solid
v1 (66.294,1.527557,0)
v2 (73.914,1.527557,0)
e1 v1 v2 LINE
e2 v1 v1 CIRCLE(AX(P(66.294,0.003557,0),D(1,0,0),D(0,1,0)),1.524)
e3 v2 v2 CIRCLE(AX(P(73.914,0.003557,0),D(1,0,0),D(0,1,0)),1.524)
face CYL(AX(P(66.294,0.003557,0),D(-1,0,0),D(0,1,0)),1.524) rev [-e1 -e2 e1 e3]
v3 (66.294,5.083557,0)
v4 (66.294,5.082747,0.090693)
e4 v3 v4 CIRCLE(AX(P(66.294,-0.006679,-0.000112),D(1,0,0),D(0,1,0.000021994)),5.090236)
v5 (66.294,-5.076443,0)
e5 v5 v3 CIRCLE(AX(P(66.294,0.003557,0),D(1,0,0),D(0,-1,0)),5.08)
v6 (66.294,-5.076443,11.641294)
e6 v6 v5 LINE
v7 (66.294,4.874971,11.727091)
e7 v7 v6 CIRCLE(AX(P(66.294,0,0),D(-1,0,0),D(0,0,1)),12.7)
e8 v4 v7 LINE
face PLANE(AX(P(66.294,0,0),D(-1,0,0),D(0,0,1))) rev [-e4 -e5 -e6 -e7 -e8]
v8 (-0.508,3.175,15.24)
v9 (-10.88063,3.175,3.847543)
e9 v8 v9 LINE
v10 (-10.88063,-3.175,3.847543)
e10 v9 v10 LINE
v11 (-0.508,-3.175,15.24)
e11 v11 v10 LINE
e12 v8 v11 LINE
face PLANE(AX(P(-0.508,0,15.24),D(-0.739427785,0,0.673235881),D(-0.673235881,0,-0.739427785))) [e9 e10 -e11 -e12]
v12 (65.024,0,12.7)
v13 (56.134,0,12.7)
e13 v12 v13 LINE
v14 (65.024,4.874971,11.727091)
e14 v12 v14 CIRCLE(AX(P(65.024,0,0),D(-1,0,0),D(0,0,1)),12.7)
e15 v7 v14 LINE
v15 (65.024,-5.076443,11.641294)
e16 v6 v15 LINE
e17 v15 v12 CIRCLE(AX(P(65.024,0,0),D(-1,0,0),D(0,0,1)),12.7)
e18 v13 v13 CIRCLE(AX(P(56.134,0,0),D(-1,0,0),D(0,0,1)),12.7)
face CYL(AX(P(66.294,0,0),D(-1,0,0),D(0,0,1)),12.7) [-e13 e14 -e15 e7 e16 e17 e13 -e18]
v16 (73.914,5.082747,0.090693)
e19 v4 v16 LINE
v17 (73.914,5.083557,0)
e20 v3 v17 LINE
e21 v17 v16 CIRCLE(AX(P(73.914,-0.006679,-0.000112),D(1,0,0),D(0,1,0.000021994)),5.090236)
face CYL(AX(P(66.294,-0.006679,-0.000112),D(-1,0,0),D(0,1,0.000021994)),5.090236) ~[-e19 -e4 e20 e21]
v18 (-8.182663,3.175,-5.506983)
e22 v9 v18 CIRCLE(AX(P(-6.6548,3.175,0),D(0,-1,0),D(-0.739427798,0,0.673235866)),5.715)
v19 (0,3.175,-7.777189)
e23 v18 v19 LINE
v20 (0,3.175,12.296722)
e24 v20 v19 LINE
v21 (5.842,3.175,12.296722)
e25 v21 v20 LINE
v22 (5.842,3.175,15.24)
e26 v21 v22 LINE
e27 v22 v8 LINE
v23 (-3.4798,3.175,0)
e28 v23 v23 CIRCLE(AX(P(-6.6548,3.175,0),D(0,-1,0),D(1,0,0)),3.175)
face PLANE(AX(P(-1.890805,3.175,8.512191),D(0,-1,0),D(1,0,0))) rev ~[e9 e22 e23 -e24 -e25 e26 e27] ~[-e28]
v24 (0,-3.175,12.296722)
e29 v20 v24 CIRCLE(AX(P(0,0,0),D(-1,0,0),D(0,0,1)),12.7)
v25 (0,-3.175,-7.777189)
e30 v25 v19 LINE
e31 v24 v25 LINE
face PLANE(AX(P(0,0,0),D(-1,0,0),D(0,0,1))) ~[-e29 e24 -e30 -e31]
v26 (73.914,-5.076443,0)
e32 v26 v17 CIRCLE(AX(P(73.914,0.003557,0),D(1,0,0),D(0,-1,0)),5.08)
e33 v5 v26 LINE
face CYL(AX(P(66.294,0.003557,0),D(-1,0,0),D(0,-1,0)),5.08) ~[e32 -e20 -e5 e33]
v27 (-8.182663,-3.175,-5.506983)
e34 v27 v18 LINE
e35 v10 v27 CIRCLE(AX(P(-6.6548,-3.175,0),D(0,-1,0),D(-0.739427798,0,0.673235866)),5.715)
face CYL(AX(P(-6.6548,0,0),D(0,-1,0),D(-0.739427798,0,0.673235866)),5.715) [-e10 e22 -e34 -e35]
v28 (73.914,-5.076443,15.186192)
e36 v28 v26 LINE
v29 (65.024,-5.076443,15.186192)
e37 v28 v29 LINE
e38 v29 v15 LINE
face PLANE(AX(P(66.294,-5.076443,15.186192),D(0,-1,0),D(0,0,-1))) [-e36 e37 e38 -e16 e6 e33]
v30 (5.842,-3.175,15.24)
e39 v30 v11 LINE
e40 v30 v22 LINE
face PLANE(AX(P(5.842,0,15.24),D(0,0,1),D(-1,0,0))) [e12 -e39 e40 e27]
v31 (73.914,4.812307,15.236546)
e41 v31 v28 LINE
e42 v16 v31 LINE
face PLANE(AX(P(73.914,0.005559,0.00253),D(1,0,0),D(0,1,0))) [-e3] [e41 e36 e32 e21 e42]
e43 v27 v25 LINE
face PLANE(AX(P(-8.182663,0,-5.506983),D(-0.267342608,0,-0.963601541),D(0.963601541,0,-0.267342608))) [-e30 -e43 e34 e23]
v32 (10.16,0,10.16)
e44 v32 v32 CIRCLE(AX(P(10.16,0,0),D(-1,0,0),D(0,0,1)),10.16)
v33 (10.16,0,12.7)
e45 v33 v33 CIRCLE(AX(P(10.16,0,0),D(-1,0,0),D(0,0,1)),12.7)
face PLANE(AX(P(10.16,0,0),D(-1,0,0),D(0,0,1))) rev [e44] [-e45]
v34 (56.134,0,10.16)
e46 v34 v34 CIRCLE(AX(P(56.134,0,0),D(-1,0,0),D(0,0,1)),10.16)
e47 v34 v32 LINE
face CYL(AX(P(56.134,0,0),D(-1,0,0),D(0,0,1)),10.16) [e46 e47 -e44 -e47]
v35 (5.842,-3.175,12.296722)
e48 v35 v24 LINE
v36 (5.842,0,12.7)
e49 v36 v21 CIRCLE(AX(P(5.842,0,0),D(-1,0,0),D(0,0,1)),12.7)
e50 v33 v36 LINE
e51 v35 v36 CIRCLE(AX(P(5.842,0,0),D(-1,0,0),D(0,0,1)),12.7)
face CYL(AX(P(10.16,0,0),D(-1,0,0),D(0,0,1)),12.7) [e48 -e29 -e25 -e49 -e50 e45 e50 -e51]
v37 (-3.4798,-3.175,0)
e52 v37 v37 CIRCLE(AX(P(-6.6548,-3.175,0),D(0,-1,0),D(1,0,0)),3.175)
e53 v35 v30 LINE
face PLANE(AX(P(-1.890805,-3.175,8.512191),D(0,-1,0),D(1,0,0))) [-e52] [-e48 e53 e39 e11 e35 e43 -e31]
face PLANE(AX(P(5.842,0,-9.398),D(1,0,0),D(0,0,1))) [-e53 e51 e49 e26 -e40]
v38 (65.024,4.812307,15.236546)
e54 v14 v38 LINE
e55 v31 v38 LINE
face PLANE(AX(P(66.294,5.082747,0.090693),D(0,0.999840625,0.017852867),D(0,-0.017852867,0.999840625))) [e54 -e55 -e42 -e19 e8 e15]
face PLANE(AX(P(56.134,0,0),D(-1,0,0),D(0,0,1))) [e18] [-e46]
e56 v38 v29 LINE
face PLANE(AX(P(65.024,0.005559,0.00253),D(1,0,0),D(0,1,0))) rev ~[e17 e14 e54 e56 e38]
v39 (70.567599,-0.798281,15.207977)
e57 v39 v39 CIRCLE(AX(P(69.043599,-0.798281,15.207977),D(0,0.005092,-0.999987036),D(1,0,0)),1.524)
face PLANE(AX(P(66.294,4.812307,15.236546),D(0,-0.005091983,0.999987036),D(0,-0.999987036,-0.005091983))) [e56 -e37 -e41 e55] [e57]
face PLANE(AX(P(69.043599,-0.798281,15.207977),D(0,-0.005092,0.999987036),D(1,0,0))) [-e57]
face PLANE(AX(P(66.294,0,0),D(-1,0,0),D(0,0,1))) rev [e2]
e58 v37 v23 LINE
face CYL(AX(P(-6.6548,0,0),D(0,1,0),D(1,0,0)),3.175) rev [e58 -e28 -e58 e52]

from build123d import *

# Parameters (mm, degrees)
F0_W          = 5.842
F0_H          = 12.7
F0_R          = 3.175
F2_DEPTH      = 3.175
F4_R          = 1.524
F5_DEPTH      = 7.62
F5_DEPTH_BACK = 1.27
F6_R          = 1.524
F7_DEPTH      = 9.69487
F8_R          = 1.524
F9_DEPTH      = 6.87652


with BuildPart() as f1:
    # F0 (on Front) → F1 (revolve)
    with BuildSketch(Plane.XZ):
        Polygon((5.842, 12.7), (5.842, 0), (66.294, 0), (66.294, 12.7), (56.134, 12.7), (56.134, 10.16), (10.16, 10.16), (10.16, 12.7), align=None)
        with Locations((2.921, 6.35)):
            Rectangle(F0_W, F0_H)
    revolve(axis=Axis((33.147, 0, 0), (-1, 0, 0)))

    # F0 (on Front) → F2 (join, symmetric)
    with BuildSketch(Plane.XZ):
        with BuildLine():
            Line((-0.9398, 0), (0, 0))
            Line((0, 0), (0, 12.7))
            Line((0, 12.7), (5.842, 12.7))
            Line((5.842, 12.7), (5.842, 15.24))
            Line((5.842, 15.24), (-0.508, 15.24))
            Line((-0.508, 15.24), (-10.88063, 3.847543))
            ThreePointArc((-10.88063, 3.847543), (-4.591961, 5.329721), (-0.9398, 0))
        make_face()
        with BuildLine():
            ThreePointArc((-8.182663, -5.506983), (-3.195791, -4.549339), (-0.9398, 0))
            ThreePointArc((-0.9398, 0), (-4.591961, 5.329721), (-10.88063, 3.847543))
            ThreePointArc((-10.88063, 3.847543), (-12.145978, -1.583727), (-8.182663, -5.506983))
        make_face()
        with Locations((-6.6548, 0)):
            Circle(F0_R, mode=Mode.SUBTRACT)
        with BuildLine():
            Line((5.842, 0), (0, 0))
            Line((0, 0), (-0.9398, 0))
            ThreePointArc((-0.9398, 0), (-3.195791, -4.549339), (-8.182663, -5.506983))
            Line((-8.182663, -5.506983), (5.842, -9.398))
            Line((5.842, -9.398), (5.842, 0))
        make_face()
        with Locations((2.921, 6.35)):
            Rectangle(F0_W, F0_H)
    extrude(amount=F2_DEPTH, both=True)

    # F4 (on face) → F5 (join, two sides)
    with BuildSketch(Plane.YZ.offset(66.294)) as f5_sk:
        with BuildLine():
            ThreePointArc((-5.076443, 0), (0.003557, -5.08), (5.083557, 0))
            ThreePointArc((5.083557, 0), (5.083354, 0.045348), (5.082747, 0.090693))
            ThreePointArc((5.082747, 0.090693), (-0.041792, 5.079798), (-5.076443, 0))
        make_face()
        with Locations((0.003557, 0)):
            Circle(F4_R, mode=Mode.SUBTRACT)
        with BuildLine():
            ThreePointArc((-5.076443, 0), (-0.041792, 5.079798), (5.082747, 0.090693))
            Line((5.082747, 0.090693), (4.812307, 15.236546))
            Line((4.812307, 15.236546), (-5.076443, 15.186192))
            Line((-5.076443, 15.186192), (-5.076443, 0))
        make_face()
    extrude(amount=F5_DEPTH)
    extrude(f5_sk.sketch, amount=-F5_DEPTH_BACK)

    # F6 (on face) → F7 (join)
    with BuildSketch(Plane(origin=(0, -0.077459, 15.211647), x_dir=(1, 0, 0), z_dir=(0, -0.005092, 0.999987))):
        with Locations((69.043599, -0.720831)):
            Circle(F6_R)
    extrude(amount=-F7_DEPTH)

    # F8 (on face) → F9 (join)
    with BuildSketch(Plane(origin=(0, -0.077459, 15.211647), x_dir=(1, 0, 0), z_dir=(0, -0.005092, 0.999987))):
        with Locations((69.499604, 0.040541)):
            Circle(F8_R)
    extrude(amount=-F9_DEPTH)


solid = f1.part
